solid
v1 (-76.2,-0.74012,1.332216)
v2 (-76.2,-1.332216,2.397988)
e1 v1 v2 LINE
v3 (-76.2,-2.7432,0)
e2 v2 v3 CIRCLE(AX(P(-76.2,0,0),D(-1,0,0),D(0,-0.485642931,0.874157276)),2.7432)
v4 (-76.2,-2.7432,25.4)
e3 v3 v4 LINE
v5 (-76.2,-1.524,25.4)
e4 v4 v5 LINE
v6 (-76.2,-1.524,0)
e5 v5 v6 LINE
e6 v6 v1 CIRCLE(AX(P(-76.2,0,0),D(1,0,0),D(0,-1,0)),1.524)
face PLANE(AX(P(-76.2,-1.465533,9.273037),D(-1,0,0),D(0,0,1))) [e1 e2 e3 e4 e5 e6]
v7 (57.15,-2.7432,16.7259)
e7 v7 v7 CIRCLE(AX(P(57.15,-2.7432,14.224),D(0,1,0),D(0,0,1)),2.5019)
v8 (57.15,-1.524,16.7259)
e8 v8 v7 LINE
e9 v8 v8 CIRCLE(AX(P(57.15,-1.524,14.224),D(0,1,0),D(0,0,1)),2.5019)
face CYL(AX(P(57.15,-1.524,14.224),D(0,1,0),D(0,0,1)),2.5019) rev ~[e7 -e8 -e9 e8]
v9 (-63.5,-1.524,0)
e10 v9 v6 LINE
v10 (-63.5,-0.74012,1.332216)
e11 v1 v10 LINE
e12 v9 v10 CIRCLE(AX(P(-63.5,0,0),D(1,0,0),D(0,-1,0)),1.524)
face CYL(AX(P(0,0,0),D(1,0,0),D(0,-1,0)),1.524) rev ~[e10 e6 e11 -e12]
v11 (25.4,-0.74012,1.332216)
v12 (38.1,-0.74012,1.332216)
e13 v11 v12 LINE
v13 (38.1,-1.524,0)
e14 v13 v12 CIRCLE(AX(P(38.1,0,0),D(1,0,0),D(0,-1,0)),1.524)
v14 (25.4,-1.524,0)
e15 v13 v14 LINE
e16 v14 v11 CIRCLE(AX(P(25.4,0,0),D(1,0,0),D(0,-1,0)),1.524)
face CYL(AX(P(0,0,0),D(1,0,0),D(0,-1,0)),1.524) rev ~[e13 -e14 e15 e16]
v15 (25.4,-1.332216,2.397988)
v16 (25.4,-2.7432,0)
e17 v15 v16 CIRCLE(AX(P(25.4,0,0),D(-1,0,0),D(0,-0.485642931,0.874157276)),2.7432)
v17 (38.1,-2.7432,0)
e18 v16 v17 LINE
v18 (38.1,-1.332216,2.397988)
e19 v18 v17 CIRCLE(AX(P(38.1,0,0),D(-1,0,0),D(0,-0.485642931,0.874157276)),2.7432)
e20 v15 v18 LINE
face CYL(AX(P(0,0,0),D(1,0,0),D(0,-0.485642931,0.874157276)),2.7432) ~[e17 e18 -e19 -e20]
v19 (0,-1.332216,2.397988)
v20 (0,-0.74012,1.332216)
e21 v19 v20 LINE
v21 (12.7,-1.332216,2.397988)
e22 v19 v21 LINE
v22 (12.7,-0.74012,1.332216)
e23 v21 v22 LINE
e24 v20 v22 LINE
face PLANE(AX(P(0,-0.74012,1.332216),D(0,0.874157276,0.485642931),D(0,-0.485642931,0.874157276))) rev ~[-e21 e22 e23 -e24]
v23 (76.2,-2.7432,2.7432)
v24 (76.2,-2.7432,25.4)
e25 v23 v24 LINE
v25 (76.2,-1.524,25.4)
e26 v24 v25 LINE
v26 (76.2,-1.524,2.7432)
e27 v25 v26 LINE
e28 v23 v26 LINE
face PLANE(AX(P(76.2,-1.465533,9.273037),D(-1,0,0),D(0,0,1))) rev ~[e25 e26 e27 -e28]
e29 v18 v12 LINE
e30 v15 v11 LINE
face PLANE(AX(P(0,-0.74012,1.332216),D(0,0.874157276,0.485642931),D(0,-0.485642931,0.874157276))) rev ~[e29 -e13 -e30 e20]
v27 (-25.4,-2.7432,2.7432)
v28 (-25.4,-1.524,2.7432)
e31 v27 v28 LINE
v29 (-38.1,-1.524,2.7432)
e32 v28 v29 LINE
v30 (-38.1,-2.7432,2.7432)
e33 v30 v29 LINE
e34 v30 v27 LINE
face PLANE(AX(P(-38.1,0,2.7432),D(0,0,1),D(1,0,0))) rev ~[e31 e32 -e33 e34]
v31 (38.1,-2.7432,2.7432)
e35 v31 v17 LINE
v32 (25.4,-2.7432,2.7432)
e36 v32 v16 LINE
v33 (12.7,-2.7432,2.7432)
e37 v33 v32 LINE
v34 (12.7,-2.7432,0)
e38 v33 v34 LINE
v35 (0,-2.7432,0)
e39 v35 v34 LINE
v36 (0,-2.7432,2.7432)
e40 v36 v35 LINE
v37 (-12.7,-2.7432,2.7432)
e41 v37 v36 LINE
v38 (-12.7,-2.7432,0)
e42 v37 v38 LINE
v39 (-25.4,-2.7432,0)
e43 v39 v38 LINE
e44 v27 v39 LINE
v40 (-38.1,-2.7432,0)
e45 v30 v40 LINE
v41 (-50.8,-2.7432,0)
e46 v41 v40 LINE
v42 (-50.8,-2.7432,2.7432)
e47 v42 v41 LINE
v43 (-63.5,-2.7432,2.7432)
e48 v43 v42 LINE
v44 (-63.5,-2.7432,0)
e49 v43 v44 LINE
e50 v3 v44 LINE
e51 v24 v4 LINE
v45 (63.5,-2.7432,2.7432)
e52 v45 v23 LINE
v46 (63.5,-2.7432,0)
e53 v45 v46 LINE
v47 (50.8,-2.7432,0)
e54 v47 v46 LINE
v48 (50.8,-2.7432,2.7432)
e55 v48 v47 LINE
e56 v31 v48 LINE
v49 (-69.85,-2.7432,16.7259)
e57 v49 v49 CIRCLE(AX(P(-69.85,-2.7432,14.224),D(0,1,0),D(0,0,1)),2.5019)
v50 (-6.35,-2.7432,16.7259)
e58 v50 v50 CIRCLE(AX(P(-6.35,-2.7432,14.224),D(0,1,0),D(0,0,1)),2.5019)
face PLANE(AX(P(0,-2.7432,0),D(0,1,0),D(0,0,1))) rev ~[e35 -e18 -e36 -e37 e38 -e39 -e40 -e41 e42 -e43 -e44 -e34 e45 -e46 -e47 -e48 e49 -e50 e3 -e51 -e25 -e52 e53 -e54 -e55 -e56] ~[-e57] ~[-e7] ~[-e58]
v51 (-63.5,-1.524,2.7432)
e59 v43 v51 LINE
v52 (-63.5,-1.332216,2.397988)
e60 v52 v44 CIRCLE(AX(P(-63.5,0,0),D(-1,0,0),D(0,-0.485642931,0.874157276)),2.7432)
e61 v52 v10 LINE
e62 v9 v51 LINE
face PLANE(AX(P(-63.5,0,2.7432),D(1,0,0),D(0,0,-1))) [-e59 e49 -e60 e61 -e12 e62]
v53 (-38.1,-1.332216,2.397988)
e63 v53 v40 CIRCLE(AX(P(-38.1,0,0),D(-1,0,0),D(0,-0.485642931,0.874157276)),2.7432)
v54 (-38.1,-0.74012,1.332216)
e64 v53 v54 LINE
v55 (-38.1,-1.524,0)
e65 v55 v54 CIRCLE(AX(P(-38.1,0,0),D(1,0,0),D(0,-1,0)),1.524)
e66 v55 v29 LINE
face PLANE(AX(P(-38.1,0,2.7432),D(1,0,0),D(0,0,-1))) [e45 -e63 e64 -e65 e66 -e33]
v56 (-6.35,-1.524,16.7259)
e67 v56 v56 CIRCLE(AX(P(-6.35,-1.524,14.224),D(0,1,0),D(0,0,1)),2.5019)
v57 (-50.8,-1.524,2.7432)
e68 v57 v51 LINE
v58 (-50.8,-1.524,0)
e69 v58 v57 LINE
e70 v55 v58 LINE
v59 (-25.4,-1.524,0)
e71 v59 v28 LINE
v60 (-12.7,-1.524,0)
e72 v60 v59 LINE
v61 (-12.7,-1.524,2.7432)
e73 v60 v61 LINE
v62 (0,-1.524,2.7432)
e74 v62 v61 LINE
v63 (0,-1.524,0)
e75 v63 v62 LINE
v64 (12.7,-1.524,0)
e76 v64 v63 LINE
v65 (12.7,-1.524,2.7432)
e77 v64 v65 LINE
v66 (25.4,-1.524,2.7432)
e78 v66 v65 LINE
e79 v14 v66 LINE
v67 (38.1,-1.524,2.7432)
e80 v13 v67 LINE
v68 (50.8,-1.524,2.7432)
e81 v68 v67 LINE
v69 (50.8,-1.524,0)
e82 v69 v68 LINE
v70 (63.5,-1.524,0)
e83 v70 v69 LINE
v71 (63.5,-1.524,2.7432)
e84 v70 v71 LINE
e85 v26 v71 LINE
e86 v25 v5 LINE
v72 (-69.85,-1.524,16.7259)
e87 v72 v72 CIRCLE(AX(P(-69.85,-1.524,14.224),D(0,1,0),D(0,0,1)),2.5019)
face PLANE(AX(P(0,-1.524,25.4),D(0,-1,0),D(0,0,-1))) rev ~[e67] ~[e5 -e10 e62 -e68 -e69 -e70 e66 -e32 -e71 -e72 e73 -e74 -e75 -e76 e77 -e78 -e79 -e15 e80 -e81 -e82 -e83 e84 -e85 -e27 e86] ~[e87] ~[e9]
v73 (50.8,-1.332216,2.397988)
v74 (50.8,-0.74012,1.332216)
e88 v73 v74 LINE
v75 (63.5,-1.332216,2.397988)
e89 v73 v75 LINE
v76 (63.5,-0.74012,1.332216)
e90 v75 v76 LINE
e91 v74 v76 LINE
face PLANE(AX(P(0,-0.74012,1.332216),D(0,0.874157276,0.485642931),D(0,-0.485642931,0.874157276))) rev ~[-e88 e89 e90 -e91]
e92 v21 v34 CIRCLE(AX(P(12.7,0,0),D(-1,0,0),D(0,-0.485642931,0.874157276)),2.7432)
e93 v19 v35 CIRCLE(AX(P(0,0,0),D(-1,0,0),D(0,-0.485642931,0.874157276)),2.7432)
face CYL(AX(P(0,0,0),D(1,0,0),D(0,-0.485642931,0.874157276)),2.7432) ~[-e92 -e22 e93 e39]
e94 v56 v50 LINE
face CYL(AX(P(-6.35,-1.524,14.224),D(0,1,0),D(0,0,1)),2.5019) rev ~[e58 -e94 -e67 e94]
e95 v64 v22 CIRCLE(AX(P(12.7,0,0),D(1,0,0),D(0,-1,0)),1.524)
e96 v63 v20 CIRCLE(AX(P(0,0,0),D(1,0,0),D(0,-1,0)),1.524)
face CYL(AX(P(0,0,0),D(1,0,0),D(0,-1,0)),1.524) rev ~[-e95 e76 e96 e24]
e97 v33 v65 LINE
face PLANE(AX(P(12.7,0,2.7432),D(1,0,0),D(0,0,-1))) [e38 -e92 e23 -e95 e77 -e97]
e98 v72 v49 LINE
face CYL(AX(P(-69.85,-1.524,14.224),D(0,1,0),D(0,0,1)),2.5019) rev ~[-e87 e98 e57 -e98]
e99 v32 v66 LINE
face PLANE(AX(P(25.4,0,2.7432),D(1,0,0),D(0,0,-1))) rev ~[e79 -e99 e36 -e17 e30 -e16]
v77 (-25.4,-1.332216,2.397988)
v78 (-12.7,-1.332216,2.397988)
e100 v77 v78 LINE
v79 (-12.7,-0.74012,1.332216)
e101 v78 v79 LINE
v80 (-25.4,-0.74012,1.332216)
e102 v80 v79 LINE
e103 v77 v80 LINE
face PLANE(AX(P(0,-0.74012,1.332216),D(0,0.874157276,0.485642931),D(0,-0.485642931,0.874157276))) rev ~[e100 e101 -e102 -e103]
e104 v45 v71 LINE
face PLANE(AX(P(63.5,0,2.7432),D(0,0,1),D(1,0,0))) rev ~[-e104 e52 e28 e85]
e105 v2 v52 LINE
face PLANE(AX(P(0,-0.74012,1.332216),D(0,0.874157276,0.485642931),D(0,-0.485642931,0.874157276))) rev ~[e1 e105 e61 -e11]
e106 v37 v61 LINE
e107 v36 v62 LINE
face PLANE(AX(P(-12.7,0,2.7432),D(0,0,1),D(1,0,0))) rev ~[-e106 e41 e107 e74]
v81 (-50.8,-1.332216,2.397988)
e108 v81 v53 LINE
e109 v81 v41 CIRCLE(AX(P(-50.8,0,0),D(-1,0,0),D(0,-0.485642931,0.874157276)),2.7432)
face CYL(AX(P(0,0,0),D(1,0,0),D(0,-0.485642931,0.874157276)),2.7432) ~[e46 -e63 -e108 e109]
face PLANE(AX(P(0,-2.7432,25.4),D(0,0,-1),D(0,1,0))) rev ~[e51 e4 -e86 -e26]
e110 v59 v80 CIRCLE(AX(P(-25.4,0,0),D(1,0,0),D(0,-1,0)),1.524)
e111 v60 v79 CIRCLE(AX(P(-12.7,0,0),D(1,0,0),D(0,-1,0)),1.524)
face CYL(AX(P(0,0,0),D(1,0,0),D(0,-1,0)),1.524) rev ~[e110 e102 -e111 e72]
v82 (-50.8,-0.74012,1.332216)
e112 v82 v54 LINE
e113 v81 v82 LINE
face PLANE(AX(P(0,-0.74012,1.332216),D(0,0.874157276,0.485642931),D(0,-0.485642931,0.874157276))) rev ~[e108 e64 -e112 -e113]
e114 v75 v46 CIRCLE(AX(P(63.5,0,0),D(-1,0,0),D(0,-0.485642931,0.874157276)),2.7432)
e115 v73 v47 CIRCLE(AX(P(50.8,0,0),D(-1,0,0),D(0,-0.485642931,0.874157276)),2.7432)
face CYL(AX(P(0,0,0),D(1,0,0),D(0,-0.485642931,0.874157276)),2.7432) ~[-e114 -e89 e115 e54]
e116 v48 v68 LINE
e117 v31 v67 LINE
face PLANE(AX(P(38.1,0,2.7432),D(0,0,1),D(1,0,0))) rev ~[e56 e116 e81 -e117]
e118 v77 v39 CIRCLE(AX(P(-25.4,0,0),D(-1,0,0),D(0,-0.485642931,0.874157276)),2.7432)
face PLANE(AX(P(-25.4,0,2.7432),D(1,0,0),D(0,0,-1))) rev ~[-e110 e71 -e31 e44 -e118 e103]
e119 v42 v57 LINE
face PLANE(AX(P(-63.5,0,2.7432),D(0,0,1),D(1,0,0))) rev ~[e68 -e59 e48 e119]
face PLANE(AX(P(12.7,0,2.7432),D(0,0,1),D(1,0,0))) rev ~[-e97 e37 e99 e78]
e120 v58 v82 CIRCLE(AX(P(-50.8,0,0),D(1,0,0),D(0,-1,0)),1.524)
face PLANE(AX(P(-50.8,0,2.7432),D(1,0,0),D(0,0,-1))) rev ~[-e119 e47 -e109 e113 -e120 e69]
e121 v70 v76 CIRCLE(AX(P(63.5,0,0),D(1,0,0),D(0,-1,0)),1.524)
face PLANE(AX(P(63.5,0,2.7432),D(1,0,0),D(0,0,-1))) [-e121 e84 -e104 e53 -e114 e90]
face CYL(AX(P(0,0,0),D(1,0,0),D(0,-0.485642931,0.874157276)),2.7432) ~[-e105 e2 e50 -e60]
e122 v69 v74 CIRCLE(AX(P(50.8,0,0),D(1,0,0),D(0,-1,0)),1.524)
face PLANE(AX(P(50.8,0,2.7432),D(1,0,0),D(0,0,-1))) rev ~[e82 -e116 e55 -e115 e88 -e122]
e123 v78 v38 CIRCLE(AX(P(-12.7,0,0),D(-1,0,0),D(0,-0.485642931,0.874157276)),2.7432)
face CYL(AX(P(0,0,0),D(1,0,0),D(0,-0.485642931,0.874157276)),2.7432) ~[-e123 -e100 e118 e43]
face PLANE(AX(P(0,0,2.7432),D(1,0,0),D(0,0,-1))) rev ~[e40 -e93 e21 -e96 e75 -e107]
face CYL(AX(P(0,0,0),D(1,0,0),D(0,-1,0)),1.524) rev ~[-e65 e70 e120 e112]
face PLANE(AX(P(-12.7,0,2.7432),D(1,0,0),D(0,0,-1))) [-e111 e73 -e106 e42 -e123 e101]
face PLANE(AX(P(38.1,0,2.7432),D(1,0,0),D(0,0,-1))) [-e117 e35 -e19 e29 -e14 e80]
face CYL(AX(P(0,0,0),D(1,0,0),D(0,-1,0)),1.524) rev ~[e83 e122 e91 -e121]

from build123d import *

# Parameters (mm, degrees)
BOSS_EXTRUDE1_DEPTH = 76.2
SKETCH4_W           = 12.7
SKETCH4_H           = 5.4864
CUT_EXTRUDE1_DEPTH  = 81.368682621
LPATTERN1_COUNT     = 6
LPATTERN1_PITCH     = 25.4
SKETCH5_R           = 2.5019
CUT_EXTRUDE2_DEPTH  = 81.435122899


with BuildPart() as part:
    # Sketch3 → Boss-Extrude1 (new, symmetric)
    with BuildSketch(Plane(origin=(0, 0, 0), x_dir=(0, 0, -1), z_dir=(1, 0, 0))):
        with BuildLine():
            Line((0, -2.7432), (-25.4, -2.7432))
            Line((-25.4, -2.7432), (-25.4, -1.524))
            Line((-25.4, -1.524), (0, -1.524))
            ThreePointArc((0, -1.524), (0.77286266, 1.313491267), (-1.332215689, -0.740119827))
            Line((-1.332215689, -0.740119827), (-2.39798824, -1.332215689))
            ThreePointArc((-2.39798824, -1.332215689), (1.391152789, 2.36428428), (0, -2.7432))
        make_face()
    extrude(amount=BOSS_EXTRUDE1_DEPTH, both=True)

    # Sketch4 → Cut-Extrude1 (cut, symmetric)
    with BuildSketch(Plane(origin=(0, 0, 0), x_dir=(1, 0, 0), z_dir=(0, 1, 0))):
        with Locations((-57.15, 0)):
            Rectangle(SKETCH4_W, SKETCH4_H)
    cut_extrude1 = extrude(amount=CUT_EXTRUDE1_DEPTH, both=True, mode=Mode.SUBTRACT)

    # LPattern1: Cut-Extrude1 ×6
    with Locations(*[(i * LPATTERN1_PITCH, 0, 0) for i in range(1, LPATTERN1_COUNT)]):
        add(cut_extrude1, mode=Mode.SUBTRACT)

    # Sketch5 → Cut-Extrude2 (cut, through all)
    with BuildSketch(Plane(origin=(0, -1.524, 0), x_dir=(1, 0, 0), z_dir=(0, 1, 0))):
        with Locations(Location((57.15, -14.224, 0), (0, 0, 270))):
            Circle(SKETCH5_R)
        with Locations(Location((-6.35, -14.224, 0), (0, 0, 270))):
            Circle(SKETCH5_R)
        with Locations(Location((-69.85, -14.224, 0), (0, 0, 270))):
            Circle(SKETCH5_R)
    extrude(amount=-CUT_EXTRUDE2_DEPTH, mode=Mode.SUBTRACT)


solid = part.part
